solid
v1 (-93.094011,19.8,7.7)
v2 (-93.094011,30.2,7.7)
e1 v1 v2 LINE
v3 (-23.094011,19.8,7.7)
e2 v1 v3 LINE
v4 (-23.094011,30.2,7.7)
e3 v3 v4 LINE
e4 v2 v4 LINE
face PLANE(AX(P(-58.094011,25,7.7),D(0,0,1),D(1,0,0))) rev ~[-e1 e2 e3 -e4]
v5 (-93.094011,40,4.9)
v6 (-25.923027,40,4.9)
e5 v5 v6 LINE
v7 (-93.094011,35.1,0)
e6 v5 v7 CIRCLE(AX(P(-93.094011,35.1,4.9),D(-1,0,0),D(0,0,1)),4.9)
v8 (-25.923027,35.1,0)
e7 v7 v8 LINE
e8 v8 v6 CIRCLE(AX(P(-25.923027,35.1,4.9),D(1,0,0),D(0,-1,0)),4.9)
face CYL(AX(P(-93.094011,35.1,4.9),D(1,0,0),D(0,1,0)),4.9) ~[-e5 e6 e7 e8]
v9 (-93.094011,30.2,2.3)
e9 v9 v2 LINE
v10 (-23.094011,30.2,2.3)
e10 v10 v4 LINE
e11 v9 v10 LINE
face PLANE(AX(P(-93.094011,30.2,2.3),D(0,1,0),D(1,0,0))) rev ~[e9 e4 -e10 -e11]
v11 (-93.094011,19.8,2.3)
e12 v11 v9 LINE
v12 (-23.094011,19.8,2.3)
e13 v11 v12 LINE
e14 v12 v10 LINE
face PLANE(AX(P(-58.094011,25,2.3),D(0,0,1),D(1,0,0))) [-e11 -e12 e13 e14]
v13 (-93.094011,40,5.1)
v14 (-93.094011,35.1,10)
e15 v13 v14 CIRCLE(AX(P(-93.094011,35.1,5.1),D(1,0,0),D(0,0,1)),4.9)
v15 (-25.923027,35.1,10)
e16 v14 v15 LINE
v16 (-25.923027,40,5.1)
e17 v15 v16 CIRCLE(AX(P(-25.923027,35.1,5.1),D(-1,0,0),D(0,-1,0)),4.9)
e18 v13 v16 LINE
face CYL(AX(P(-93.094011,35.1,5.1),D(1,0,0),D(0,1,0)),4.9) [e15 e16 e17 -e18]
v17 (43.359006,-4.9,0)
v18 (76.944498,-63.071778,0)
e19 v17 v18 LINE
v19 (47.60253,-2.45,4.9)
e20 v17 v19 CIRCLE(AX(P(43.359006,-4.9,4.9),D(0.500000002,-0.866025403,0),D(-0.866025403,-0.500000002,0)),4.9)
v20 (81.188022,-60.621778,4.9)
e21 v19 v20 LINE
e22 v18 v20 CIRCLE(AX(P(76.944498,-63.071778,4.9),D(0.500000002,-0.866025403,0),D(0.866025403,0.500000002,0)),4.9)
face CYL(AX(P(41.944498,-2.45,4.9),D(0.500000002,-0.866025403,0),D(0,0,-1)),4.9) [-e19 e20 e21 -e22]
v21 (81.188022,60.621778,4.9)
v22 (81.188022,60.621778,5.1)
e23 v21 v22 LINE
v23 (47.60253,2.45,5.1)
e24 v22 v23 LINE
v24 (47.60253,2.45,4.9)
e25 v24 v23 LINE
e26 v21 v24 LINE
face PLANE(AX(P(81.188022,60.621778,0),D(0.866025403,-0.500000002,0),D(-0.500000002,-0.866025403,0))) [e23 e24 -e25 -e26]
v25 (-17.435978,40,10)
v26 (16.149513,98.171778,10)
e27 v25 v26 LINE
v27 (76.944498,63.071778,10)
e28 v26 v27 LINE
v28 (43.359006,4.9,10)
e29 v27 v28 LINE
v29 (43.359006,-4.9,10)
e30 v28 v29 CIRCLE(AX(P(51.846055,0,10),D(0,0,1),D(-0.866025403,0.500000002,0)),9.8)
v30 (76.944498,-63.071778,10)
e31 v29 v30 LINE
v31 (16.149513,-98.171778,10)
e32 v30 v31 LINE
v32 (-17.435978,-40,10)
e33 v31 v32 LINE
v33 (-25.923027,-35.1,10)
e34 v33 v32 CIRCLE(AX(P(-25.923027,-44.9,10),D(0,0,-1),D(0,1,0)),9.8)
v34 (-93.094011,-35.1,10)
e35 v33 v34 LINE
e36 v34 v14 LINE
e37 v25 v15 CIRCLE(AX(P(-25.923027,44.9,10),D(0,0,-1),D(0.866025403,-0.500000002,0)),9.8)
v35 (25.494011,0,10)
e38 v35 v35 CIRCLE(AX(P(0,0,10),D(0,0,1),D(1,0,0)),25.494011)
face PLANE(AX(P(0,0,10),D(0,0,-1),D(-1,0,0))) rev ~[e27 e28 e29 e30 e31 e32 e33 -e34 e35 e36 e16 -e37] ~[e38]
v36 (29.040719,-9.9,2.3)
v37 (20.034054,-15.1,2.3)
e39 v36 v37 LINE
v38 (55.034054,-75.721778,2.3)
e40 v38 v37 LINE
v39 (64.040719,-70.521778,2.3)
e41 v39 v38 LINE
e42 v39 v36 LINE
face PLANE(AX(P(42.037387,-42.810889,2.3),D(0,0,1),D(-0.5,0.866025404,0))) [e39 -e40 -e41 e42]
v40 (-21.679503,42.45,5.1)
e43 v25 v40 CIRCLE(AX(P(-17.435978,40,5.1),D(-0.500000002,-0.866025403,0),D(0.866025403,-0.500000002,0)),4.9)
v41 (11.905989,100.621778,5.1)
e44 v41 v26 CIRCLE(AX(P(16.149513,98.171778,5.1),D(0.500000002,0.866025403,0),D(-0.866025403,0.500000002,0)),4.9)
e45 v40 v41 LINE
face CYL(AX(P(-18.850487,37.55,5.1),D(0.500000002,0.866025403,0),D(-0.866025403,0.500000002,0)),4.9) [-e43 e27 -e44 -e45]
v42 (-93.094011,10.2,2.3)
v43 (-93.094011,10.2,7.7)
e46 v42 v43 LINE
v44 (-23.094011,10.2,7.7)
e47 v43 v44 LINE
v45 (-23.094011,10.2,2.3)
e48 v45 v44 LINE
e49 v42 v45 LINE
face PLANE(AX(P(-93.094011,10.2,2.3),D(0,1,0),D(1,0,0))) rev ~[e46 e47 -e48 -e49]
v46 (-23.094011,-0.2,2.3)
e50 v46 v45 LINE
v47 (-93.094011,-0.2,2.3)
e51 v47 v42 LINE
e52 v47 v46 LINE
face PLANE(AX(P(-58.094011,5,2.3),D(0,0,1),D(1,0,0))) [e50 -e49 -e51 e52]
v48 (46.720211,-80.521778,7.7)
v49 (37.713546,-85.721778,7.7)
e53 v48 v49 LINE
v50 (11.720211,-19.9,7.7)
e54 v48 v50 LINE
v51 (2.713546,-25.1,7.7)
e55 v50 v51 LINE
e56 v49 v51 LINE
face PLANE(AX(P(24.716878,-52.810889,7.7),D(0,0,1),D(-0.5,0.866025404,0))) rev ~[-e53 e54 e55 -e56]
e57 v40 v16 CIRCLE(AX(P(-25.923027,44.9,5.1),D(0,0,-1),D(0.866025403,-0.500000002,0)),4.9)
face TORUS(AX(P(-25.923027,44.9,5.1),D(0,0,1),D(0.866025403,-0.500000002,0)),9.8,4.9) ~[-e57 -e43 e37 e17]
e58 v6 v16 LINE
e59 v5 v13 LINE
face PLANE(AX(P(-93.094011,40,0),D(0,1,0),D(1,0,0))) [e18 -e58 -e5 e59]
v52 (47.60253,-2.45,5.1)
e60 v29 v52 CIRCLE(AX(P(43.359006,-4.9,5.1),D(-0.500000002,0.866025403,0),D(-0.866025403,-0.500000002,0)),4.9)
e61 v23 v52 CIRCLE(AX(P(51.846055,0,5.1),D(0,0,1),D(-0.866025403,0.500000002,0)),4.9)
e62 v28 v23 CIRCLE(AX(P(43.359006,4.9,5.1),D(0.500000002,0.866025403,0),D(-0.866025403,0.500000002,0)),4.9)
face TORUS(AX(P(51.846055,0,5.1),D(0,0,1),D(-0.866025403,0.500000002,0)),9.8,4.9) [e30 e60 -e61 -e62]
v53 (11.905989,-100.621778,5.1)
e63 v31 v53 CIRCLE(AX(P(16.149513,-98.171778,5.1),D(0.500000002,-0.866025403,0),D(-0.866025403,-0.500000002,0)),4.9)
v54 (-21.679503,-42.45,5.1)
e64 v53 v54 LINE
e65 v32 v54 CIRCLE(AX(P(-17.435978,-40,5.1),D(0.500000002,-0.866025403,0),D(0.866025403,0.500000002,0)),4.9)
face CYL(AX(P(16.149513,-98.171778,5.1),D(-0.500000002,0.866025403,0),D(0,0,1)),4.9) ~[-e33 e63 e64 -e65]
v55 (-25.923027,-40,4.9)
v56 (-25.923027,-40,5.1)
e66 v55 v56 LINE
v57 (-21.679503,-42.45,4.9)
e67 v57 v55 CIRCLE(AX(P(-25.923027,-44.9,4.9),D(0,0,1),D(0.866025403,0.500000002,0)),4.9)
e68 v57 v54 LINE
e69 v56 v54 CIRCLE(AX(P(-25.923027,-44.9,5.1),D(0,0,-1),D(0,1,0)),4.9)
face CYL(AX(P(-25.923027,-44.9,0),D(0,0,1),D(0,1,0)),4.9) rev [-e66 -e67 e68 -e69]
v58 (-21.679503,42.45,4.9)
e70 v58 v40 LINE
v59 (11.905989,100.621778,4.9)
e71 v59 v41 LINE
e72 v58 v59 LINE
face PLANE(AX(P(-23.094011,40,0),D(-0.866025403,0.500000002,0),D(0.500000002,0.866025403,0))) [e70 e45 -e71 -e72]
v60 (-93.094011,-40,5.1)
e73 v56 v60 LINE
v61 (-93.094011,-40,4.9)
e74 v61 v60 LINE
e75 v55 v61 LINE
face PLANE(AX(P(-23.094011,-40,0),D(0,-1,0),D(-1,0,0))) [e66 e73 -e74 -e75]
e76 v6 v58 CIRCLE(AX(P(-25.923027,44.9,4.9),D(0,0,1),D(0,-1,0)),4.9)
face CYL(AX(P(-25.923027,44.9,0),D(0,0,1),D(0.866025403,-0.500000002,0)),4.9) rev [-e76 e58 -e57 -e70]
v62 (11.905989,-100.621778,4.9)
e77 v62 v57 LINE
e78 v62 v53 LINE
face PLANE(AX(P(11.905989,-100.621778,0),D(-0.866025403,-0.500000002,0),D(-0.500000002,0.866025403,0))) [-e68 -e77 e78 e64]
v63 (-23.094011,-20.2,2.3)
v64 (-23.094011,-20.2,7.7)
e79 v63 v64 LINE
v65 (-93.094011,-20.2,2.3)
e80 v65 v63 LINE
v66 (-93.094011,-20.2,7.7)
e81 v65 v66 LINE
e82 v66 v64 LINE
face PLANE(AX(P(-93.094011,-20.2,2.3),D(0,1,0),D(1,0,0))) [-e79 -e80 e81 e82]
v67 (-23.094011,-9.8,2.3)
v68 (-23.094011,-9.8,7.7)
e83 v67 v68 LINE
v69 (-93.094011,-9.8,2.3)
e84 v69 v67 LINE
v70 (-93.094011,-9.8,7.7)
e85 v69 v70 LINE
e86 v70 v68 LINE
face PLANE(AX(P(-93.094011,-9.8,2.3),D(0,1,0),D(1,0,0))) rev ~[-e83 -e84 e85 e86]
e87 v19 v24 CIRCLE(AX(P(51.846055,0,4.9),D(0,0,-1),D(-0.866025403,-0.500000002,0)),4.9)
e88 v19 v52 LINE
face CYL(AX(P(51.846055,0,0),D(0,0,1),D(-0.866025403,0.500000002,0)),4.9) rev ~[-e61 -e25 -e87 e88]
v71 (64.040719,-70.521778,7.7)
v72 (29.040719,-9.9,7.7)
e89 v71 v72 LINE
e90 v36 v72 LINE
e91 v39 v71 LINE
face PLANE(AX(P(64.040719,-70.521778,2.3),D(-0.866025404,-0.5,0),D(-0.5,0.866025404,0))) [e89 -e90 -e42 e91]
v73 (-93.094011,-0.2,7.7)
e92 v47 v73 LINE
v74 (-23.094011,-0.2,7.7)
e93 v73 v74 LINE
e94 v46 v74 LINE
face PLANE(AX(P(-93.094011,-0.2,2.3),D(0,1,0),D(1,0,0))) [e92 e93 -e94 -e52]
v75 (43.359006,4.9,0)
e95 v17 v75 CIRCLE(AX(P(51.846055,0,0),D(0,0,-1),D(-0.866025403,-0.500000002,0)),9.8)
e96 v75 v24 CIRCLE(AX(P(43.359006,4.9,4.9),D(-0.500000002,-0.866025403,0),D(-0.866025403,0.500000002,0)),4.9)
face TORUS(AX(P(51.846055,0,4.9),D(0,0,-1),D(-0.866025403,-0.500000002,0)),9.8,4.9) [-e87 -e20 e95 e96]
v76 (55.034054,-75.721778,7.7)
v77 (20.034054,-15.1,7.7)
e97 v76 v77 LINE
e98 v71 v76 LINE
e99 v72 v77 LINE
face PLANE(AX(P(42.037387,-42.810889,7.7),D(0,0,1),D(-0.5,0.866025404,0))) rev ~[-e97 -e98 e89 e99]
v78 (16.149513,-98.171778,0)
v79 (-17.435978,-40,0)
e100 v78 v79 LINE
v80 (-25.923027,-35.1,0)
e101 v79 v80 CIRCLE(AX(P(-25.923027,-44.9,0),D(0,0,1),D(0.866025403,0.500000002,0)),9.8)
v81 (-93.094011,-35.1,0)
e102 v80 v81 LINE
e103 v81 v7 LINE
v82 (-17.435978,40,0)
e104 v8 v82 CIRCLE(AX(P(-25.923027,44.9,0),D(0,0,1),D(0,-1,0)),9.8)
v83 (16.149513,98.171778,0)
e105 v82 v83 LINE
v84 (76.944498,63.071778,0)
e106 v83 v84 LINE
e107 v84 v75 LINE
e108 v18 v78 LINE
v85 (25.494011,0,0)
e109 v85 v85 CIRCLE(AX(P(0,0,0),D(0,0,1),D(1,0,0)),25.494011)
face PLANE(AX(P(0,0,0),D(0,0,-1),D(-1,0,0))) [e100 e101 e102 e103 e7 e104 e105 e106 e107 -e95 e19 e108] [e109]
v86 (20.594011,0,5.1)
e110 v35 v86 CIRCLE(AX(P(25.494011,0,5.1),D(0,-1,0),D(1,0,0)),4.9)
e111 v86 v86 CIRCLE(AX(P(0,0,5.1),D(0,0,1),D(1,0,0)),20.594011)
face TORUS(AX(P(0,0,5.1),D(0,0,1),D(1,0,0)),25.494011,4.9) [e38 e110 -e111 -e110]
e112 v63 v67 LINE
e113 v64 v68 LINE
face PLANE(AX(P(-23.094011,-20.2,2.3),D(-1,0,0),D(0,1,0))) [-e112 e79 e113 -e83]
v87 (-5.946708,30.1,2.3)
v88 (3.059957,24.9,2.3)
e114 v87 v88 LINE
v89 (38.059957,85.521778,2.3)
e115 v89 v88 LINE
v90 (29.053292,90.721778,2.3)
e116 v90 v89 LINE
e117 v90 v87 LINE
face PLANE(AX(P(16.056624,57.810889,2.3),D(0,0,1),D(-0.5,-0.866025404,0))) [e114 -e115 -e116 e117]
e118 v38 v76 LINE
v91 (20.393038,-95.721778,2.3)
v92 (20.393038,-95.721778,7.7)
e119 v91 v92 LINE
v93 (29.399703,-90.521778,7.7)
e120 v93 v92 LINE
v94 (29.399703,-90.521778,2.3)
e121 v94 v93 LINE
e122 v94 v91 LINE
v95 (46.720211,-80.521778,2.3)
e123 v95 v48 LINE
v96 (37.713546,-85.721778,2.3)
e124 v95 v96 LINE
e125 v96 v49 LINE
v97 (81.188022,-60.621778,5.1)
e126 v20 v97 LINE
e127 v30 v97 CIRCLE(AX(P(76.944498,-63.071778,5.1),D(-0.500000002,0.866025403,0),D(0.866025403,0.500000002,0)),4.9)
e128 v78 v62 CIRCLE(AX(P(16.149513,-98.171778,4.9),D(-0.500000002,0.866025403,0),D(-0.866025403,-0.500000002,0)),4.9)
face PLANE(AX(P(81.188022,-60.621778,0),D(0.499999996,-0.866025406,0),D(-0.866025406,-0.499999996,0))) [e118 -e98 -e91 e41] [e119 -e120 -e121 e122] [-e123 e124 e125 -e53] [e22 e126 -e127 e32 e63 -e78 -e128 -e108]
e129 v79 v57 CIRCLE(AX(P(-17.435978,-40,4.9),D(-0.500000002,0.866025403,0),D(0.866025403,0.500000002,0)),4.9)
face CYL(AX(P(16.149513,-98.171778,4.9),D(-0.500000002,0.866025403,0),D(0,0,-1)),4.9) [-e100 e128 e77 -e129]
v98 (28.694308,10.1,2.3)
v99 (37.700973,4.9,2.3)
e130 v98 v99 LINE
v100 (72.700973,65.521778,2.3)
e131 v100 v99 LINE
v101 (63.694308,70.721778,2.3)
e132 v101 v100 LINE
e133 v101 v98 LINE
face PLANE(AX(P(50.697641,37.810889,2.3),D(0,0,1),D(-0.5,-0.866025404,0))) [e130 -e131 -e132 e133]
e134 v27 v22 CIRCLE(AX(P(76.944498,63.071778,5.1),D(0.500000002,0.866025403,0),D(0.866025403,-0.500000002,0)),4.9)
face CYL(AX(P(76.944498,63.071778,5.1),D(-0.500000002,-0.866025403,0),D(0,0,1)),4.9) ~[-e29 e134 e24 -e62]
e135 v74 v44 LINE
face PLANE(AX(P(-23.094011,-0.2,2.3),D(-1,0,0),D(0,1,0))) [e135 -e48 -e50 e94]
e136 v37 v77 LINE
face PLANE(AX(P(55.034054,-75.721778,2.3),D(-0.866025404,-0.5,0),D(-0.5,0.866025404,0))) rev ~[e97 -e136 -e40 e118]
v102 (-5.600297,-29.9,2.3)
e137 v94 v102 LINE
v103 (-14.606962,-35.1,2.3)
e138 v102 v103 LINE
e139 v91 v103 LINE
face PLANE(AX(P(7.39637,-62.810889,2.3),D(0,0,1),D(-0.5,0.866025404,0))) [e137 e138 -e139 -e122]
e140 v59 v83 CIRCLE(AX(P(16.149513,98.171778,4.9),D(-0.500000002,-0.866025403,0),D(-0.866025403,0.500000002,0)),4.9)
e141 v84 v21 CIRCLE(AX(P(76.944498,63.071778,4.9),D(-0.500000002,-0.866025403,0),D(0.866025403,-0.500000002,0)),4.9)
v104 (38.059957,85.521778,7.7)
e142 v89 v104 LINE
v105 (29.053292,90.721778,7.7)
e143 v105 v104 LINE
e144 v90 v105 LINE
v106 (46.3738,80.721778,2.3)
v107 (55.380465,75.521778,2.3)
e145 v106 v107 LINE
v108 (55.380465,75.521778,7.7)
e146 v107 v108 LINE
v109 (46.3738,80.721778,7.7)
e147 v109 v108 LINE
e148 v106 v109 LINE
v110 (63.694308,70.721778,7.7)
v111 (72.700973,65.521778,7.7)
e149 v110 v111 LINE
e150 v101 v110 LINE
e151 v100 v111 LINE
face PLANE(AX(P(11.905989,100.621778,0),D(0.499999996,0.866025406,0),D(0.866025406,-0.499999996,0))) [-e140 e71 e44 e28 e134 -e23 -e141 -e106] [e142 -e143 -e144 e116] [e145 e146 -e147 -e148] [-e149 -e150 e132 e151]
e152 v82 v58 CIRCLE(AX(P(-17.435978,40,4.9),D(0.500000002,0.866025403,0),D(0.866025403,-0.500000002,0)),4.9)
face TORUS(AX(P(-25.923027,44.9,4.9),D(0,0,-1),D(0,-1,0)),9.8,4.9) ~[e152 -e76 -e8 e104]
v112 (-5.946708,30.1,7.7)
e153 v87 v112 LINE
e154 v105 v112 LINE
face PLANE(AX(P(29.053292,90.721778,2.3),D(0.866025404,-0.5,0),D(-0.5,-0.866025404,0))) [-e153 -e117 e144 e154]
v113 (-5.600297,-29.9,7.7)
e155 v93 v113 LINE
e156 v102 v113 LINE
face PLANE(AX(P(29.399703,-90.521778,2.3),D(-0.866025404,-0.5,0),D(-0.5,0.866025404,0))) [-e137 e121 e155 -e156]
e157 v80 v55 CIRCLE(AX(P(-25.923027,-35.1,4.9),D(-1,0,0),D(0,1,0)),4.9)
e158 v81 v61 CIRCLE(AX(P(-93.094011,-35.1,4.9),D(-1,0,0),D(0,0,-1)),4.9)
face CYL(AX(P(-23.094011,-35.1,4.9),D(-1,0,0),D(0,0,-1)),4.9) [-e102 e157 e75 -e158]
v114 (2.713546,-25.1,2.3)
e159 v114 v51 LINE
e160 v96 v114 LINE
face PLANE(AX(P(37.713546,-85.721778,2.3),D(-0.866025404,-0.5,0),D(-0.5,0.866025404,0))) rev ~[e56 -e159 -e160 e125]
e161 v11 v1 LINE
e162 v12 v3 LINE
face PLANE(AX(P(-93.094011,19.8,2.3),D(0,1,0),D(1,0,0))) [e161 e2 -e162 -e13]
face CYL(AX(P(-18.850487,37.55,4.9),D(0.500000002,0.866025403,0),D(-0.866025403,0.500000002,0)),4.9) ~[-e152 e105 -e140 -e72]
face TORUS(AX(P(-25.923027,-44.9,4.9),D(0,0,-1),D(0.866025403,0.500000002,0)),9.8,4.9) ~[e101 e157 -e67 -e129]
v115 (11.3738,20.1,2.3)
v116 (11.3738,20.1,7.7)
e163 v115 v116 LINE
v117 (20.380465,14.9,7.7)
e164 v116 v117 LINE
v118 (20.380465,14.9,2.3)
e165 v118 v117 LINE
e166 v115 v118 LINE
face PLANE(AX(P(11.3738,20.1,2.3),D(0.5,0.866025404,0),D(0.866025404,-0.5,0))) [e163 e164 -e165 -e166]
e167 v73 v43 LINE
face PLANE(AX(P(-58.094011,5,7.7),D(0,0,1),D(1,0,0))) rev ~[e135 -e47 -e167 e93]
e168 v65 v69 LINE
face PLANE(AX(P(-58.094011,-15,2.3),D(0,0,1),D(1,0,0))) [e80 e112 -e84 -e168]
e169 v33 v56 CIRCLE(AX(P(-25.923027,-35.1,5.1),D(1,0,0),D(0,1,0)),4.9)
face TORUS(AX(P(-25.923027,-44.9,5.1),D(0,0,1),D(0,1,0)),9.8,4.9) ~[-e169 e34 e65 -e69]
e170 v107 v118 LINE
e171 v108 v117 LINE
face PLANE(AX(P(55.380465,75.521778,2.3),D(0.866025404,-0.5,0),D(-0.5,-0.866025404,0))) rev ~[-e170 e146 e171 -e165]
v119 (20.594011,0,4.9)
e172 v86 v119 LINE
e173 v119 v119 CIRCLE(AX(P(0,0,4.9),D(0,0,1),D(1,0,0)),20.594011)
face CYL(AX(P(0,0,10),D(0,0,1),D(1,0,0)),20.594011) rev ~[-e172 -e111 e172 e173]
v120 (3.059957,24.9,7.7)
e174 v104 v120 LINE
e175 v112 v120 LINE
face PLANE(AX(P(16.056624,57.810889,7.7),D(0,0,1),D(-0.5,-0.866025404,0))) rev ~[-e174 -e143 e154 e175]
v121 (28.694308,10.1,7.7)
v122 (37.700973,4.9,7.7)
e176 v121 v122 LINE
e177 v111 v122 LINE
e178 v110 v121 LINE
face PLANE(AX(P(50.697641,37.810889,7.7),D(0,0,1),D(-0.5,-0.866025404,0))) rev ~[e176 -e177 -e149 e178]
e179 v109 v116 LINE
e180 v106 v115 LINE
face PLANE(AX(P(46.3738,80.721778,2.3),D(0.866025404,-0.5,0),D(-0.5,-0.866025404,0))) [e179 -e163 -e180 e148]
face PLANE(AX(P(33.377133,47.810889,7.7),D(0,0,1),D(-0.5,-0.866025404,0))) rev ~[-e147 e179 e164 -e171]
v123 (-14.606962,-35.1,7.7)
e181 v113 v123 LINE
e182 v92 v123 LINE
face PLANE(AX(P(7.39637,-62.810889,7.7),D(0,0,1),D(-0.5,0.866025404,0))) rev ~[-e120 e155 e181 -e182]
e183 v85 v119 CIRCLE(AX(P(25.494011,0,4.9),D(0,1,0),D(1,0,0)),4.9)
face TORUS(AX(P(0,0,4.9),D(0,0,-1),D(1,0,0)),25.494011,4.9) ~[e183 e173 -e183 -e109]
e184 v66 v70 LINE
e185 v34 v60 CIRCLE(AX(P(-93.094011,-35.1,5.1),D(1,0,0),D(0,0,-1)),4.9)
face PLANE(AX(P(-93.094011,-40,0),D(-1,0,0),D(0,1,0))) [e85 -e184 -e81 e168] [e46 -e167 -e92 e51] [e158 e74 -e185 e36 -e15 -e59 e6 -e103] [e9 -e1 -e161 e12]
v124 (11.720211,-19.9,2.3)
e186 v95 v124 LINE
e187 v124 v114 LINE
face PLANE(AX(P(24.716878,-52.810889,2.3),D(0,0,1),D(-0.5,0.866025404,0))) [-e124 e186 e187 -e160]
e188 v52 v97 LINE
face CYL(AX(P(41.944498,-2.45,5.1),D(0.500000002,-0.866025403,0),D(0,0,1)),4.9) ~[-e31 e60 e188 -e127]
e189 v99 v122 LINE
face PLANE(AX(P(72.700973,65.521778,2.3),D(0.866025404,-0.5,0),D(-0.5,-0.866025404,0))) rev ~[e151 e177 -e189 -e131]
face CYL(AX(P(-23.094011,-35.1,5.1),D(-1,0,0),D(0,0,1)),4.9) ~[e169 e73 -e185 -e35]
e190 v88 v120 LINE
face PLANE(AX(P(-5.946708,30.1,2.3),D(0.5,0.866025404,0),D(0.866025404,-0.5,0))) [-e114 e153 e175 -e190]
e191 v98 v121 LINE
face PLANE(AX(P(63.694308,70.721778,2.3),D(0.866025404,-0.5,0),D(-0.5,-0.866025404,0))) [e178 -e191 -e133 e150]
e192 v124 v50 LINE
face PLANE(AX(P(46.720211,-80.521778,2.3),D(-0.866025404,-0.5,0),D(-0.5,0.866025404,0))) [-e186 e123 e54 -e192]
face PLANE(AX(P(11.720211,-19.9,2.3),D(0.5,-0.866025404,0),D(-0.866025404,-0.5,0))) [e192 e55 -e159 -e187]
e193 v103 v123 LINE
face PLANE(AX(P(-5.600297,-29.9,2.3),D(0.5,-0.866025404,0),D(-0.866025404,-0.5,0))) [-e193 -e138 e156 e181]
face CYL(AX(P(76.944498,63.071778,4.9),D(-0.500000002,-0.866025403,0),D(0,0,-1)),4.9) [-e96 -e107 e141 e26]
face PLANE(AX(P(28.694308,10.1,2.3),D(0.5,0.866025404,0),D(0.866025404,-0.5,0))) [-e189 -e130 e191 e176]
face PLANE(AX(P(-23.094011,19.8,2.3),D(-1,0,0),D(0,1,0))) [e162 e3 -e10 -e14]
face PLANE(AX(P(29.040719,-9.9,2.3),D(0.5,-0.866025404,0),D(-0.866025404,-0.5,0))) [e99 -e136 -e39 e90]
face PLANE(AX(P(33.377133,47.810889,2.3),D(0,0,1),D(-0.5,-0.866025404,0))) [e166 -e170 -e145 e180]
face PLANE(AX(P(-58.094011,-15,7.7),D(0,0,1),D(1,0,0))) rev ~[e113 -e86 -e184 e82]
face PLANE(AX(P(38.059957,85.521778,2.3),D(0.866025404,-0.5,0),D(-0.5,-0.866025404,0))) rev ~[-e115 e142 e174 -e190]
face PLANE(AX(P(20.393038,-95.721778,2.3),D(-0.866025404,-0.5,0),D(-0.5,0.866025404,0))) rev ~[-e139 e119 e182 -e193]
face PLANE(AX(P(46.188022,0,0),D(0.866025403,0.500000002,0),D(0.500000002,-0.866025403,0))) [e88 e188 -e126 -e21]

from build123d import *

# Parameters (mm, degrees)
BOX001_W         = 70
BOX001_H         = 10.4
BOX001_DEPTH     = 5.4
ARRAY001_Y_COUNT = 3
ARRAY001_Y_PITCH = 20
ARRAY002_COUNT   = 3
PAD_DEPTH        = 10
SKETCH001_R      = 20.594011
POCKET_DEPTH     = 10.001
FILLET003_R      = 4.9
FILLET004_R      = 4.9


with BuildPart() as array002:
    # Box001 → Box001 (new body)
    with BuildSketch(Plane(origin=(-93.094011, 19.8, 2.3), x_dir=(1, 0, 0), z_dir=(0, 0, 1))):
        with Locations((35, 5.2)):
            Rectangle(BOX001_W, BOX001_H)
    extrude(amount=BOX001_DEPTH)

    # Array001 Y: Array002 ×3


with BuildPart() as array002_1:
    add(array002.part)
    with Locations(*[(0, -i * ARRAY001_Y_PITCH, 0) for i in range(1, ARRAY001_Y_COUNT)]):
        add(array002.part)

    # Array002: Array002 ×3 about axis
    array002_axis = Axis((0, 0, 0), (0, 0, 1))


with BuildPart() as array002_2:
    add(array002_1.part)
    for i in range(1, ARRAY002_COUNT):
        add(array002_1.part.rotate(array002_axis, i * 360 / ARRAY002_COUNT))


with BuildPart() as innerjoinerbase:
    # Sketch (on XY_Plane of Origin) → Pad (new body)
    with BuildSketch(Plane.XY):
        Polygon((-23.094011, 40), (11.905989, 100.621778), (81.188022, 60.621778), (46.188022, 0), (81.188022, -60.621778), (11.905989, -100.621778), (-23.094011, -40), (-93.094011, -40), (-93.094011, 40), align=None)
    extrude(amount=PAD_DEPTH)

    # Sketch001 (on Face11 of Pad) → Pocket (cut, through all)
    with BuildSketch(Plane.XY.offset(10)):
        Circle(SKETCH001_R)
    extrude(amount=-POCKET_DEPTH, mode=Mode.SUBTRACT)

    # Fillet003
    fillet003_edges = [innerjoinerbase.edges().sort_by_distance(p)[0] for p in [
        (-5.594011, -70.310889, 0),
        (-58.094011, -40, 0),
        (-58.094011, -40, 10),
        (-5.594011, -70.310889, 10),
        (-58.094011, 40, 0),
        (-5.594011, 70.310889, 0),
        (-5.594011, 70.310889, 10),
        (-58.094011, 40, 10),
        (63.688022, 30.310889, 10),
        (63.688022, -30.310889, 10),
        (63.688022, -30.310889, 0),
        (63.688022, 30.310889, 0),
        (-23.094011, -40, 5),
        (46.188022, 0, 5),
        (-23.094011, 40, 5),
    ]]
    fillet(fillet003_edges, radius=FILLET003_R)

    # Fillet004
    fillet004_edges = [innerjoinerbase.edges().sort_by_distance(p)[0] for p in [
        (-20.594011, 0, 0),
        (-20.594011, 0, 10),
    ]]
    fillet(fillet004_edges, radius=FILLET004_R)

    # Cut: cut Array002
    add(array002_2.part, mode=Mode.SUBTRACT)


solid = innerjoinerbase.part
